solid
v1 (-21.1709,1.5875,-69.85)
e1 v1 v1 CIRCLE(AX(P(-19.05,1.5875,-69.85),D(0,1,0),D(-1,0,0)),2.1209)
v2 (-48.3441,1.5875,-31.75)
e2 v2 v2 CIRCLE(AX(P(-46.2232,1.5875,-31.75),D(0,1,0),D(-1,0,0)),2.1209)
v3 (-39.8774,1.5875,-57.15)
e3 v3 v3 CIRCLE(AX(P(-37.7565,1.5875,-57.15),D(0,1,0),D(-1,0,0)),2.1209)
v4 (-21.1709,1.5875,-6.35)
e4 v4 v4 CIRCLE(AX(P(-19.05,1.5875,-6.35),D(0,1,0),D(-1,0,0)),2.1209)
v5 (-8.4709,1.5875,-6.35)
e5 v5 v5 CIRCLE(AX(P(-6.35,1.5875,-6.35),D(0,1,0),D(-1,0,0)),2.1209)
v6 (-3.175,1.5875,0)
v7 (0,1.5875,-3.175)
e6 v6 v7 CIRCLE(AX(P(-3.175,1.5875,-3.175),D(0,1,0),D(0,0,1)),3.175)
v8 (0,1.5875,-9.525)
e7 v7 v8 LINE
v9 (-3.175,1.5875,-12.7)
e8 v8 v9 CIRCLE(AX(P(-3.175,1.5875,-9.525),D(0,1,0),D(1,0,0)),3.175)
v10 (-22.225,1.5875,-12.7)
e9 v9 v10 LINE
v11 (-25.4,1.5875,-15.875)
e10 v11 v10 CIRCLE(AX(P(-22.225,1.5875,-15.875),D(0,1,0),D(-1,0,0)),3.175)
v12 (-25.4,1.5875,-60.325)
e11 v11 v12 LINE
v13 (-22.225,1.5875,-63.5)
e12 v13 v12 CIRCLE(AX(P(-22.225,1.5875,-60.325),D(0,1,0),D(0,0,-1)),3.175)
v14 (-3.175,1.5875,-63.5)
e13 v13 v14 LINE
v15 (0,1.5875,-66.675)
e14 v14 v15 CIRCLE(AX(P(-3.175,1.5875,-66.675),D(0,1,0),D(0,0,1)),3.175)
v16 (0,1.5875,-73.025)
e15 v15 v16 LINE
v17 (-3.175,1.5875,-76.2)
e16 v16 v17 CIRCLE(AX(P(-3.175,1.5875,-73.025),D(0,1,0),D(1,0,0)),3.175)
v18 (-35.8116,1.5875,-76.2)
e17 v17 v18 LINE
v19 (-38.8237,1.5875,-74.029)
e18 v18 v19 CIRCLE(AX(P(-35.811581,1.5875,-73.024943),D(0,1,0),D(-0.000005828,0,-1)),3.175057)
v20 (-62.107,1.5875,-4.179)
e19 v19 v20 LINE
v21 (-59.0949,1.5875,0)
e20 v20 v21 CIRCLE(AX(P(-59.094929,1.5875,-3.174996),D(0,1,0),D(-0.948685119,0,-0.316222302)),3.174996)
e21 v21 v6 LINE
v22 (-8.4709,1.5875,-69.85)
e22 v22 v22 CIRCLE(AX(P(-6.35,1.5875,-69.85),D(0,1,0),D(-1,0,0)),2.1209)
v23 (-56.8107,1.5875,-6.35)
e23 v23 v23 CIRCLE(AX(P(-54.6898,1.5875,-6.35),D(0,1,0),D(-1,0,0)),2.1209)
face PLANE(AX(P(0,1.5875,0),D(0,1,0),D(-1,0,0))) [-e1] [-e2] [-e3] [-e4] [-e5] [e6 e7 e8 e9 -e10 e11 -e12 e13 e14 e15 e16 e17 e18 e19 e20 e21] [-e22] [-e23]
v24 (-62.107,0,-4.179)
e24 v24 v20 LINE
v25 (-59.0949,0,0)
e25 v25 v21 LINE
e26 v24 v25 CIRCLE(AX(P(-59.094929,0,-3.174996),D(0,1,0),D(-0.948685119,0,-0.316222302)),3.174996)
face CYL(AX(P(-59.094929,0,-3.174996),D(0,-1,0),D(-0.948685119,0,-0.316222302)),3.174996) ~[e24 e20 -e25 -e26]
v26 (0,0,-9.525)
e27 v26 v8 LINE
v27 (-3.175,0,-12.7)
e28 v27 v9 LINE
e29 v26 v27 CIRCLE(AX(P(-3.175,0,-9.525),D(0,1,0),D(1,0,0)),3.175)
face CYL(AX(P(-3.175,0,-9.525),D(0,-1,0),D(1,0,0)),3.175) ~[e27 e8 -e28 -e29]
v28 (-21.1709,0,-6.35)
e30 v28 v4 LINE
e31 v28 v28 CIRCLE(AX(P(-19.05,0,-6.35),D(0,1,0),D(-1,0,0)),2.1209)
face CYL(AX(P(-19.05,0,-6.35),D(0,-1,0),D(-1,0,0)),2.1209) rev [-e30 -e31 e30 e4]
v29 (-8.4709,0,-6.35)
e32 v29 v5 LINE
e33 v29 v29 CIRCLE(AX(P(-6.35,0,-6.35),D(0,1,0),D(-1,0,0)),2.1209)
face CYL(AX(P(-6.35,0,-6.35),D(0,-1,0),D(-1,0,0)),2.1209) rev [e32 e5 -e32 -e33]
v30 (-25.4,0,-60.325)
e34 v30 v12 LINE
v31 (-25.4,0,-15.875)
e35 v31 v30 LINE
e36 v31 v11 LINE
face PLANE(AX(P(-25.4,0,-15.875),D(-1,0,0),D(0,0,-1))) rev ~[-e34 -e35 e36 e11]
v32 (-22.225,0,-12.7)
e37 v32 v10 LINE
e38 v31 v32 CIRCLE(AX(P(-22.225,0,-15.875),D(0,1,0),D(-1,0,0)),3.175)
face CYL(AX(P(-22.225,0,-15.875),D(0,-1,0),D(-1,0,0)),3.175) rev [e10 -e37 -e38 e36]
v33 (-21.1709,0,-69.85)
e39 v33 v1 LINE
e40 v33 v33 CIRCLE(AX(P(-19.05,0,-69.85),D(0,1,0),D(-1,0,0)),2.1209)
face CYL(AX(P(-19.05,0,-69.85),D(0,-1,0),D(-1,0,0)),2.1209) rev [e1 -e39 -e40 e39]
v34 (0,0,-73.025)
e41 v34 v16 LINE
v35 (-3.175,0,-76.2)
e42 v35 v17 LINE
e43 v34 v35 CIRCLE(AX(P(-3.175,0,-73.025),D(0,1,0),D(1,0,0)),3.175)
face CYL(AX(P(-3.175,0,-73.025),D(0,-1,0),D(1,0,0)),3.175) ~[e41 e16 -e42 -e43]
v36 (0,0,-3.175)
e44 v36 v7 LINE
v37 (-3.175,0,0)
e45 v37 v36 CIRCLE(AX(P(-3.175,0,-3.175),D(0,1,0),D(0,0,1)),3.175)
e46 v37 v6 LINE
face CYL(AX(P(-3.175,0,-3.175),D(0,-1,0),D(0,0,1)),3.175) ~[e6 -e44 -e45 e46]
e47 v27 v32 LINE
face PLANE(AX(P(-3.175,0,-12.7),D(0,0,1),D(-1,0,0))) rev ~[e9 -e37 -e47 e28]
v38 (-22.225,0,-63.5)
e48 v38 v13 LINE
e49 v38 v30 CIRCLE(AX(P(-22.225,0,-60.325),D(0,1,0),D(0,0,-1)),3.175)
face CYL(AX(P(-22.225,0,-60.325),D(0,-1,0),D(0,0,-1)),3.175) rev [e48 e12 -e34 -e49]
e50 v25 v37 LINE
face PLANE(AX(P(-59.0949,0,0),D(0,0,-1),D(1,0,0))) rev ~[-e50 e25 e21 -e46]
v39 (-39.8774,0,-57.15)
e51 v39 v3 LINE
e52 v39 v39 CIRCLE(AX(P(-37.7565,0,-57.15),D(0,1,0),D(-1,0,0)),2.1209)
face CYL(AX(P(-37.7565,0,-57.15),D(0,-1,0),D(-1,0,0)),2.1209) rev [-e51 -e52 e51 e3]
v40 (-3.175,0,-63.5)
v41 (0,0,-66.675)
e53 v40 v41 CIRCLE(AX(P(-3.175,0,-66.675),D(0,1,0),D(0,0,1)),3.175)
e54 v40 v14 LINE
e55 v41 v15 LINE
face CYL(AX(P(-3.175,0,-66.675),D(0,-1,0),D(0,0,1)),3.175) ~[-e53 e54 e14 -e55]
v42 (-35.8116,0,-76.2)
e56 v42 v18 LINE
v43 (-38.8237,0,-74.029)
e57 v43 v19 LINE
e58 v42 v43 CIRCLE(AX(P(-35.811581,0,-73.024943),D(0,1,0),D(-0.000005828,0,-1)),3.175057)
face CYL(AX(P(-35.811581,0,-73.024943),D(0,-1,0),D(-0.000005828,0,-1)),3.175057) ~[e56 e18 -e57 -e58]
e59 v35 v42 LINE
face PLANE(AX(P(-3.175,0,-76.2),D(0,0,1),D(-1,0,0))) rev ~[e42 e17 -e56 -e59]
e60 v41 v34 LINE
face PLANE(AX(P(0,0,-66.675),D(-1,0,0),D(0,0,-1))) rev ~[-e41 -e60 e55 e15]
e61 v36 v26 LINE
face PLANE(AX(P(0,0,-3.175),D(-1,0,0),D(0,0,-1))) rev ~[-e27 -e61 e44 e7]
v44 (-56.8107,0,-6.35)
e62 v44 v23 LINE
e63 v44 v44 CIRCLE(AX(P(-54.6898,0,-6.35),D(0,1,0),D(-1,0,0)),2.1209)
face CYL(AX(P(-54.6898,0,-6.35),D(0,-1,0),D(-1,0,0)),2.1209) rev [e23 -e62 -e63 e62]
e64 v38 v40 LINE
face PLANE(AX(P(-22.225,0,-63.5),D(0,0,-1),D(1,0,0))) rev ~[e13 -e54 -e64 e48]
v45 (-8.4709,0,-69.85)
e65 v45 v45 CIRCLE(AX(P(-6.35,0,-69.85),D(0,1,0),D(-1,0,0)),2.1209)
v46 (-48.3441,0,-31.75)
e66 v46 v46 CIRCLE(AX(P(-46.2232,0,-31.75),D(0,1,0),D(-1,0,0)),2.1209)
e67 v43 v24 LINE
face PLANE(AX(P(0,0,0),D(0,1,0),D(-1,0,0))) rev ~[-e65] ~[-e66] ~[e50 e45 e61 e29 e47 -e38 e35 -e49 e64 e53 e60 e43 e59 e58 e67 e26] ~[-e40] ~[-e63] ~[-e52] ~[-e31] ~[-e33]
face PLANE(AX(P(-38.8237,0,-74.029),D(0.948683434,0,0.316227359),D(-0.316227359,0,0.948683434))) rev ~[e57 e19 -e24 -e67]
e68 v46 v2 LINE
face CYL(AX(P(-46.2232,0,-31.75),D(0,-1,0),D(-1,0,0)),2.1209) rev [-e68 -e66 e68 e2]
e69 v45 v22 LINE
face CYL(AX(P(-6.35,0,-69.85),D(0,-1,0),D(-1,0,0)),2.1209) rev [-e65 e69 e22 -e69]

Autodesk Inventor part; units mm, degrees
ref_plane "YZ Plane" through (0, 0, 0) normal (1, 0, 0) x (0, 1, 0)
ref_plane "XZ Plane" through (0, 0, 0) normal (0, 1, 0) x (-1, 0, 0)
ref_plane "XY Plane" through (0, 0, 0) normal (0, 0, 1) x (1, 0, 0)
sketch "Sketch1" plane through (0, 0, 0) normal (0, 1, 0) x (-1, 0, 0)
  line L0 (0, -3.175) -> (0, -9.525)
  line L1 (3.175, -12.7) -> (22.225, -12.7)
  line L2 (25.4, -15.875) -> (25.4, -60.325)
  line L3 (22.225, -63.5) -> (3.175, -63.5)
  line L4 (0, -66.675) -> (0, -73.025)
  line L5 (3.175, -76.2) -> (35.8116, -76.2)
  line L6 (38.8237, -74.029) -> (62.107, -4.179)
  line L7 (59.0949, 0) -> (3.175, 0)
  circle A0 centre (6.35, -6.35) radius 2.1209
  circle A1 centre (19.05, -6.35) radius 2.1209
  circle A2 centre (19.05, -69.85) radius 2.1209
  circle A3 centre (6.35, -69.85) radius 2.1209
  circle A4 centre (54.6898, -6.35) radius 2.1209
  circle A5 centre (46.2232, -31.75) radius 2.1209
  circle A6 centre (37.7565, -57.15) radius 2.1209
  arc A7 (62.107, -4.179) -> (59.0949, 0) centre (59.0949, -3.175) ccw
  arc A8 (3.175, 0) -> (0, -3.175) centre (3.175, -3.175) ccw
  arc A9 (0, -9.525) -> (3.175, -12.7) centre (3.175, -9.525) ccw
  arc A10 (22.225, -63.5) -> (25.4, -60.325) centre (22.225, -60.325) ccw
  arc A11 (25.4, -15.875) -> (22.225, -12.7) centre (22.225, -15.875) ccw
  arc A12 (3.175, -63.5) -> (0, -66.675) centre (3.175, -66.675) ccw
  arc A13 (0, -73.025) -> (3.175, -76.2) centre (3.175, -73.025) ccw
  arc A14 (35.8116, -76.2) -> (38.8237, -74.029) centre (35.8116, -73.025) ccw
  point P0 (0, 0)
  point P1 (0, -12.7)
  point P2 (25.4, -63.5)
  point P3 (0, -63.5)
  point P4 (0, -76.2)
  point P5 (38.1, -76.2)
  point P6 (63.5, 0)
  dimension "d0" = 63.5
  dimension "d1" = 76.2
  dimension "d2" = 12.7
  dimension "d3" = 12.7
  dimension "d4" = 25.4
  dimension "d5" = 38.1
  dimension "d6" = 4.2418
  dimension "d7" = 6.35
  dimension "d8" = 6.35
  dimension "d9" = 12.7
  dimension "d10" = 6.35
  dimension "d11" = 6.35
  dimension "d12" = 6.35
  dimension "d13" = 12.7
  dimension "d14" = 6.35
  dimension "d15" = 6.35
  dimension "d16" = 6.35
  dimension "d17" = 6.35
  dimension "d18" = 6.35
  dimension "d19" = 25.4
  dimension "d20" = 25.4
  dimension "d21" = 3.175
extrude "Extrusion1" add sketch "Sketch1" along normal blind 1.5875
properties part number "Intake Funnel"
